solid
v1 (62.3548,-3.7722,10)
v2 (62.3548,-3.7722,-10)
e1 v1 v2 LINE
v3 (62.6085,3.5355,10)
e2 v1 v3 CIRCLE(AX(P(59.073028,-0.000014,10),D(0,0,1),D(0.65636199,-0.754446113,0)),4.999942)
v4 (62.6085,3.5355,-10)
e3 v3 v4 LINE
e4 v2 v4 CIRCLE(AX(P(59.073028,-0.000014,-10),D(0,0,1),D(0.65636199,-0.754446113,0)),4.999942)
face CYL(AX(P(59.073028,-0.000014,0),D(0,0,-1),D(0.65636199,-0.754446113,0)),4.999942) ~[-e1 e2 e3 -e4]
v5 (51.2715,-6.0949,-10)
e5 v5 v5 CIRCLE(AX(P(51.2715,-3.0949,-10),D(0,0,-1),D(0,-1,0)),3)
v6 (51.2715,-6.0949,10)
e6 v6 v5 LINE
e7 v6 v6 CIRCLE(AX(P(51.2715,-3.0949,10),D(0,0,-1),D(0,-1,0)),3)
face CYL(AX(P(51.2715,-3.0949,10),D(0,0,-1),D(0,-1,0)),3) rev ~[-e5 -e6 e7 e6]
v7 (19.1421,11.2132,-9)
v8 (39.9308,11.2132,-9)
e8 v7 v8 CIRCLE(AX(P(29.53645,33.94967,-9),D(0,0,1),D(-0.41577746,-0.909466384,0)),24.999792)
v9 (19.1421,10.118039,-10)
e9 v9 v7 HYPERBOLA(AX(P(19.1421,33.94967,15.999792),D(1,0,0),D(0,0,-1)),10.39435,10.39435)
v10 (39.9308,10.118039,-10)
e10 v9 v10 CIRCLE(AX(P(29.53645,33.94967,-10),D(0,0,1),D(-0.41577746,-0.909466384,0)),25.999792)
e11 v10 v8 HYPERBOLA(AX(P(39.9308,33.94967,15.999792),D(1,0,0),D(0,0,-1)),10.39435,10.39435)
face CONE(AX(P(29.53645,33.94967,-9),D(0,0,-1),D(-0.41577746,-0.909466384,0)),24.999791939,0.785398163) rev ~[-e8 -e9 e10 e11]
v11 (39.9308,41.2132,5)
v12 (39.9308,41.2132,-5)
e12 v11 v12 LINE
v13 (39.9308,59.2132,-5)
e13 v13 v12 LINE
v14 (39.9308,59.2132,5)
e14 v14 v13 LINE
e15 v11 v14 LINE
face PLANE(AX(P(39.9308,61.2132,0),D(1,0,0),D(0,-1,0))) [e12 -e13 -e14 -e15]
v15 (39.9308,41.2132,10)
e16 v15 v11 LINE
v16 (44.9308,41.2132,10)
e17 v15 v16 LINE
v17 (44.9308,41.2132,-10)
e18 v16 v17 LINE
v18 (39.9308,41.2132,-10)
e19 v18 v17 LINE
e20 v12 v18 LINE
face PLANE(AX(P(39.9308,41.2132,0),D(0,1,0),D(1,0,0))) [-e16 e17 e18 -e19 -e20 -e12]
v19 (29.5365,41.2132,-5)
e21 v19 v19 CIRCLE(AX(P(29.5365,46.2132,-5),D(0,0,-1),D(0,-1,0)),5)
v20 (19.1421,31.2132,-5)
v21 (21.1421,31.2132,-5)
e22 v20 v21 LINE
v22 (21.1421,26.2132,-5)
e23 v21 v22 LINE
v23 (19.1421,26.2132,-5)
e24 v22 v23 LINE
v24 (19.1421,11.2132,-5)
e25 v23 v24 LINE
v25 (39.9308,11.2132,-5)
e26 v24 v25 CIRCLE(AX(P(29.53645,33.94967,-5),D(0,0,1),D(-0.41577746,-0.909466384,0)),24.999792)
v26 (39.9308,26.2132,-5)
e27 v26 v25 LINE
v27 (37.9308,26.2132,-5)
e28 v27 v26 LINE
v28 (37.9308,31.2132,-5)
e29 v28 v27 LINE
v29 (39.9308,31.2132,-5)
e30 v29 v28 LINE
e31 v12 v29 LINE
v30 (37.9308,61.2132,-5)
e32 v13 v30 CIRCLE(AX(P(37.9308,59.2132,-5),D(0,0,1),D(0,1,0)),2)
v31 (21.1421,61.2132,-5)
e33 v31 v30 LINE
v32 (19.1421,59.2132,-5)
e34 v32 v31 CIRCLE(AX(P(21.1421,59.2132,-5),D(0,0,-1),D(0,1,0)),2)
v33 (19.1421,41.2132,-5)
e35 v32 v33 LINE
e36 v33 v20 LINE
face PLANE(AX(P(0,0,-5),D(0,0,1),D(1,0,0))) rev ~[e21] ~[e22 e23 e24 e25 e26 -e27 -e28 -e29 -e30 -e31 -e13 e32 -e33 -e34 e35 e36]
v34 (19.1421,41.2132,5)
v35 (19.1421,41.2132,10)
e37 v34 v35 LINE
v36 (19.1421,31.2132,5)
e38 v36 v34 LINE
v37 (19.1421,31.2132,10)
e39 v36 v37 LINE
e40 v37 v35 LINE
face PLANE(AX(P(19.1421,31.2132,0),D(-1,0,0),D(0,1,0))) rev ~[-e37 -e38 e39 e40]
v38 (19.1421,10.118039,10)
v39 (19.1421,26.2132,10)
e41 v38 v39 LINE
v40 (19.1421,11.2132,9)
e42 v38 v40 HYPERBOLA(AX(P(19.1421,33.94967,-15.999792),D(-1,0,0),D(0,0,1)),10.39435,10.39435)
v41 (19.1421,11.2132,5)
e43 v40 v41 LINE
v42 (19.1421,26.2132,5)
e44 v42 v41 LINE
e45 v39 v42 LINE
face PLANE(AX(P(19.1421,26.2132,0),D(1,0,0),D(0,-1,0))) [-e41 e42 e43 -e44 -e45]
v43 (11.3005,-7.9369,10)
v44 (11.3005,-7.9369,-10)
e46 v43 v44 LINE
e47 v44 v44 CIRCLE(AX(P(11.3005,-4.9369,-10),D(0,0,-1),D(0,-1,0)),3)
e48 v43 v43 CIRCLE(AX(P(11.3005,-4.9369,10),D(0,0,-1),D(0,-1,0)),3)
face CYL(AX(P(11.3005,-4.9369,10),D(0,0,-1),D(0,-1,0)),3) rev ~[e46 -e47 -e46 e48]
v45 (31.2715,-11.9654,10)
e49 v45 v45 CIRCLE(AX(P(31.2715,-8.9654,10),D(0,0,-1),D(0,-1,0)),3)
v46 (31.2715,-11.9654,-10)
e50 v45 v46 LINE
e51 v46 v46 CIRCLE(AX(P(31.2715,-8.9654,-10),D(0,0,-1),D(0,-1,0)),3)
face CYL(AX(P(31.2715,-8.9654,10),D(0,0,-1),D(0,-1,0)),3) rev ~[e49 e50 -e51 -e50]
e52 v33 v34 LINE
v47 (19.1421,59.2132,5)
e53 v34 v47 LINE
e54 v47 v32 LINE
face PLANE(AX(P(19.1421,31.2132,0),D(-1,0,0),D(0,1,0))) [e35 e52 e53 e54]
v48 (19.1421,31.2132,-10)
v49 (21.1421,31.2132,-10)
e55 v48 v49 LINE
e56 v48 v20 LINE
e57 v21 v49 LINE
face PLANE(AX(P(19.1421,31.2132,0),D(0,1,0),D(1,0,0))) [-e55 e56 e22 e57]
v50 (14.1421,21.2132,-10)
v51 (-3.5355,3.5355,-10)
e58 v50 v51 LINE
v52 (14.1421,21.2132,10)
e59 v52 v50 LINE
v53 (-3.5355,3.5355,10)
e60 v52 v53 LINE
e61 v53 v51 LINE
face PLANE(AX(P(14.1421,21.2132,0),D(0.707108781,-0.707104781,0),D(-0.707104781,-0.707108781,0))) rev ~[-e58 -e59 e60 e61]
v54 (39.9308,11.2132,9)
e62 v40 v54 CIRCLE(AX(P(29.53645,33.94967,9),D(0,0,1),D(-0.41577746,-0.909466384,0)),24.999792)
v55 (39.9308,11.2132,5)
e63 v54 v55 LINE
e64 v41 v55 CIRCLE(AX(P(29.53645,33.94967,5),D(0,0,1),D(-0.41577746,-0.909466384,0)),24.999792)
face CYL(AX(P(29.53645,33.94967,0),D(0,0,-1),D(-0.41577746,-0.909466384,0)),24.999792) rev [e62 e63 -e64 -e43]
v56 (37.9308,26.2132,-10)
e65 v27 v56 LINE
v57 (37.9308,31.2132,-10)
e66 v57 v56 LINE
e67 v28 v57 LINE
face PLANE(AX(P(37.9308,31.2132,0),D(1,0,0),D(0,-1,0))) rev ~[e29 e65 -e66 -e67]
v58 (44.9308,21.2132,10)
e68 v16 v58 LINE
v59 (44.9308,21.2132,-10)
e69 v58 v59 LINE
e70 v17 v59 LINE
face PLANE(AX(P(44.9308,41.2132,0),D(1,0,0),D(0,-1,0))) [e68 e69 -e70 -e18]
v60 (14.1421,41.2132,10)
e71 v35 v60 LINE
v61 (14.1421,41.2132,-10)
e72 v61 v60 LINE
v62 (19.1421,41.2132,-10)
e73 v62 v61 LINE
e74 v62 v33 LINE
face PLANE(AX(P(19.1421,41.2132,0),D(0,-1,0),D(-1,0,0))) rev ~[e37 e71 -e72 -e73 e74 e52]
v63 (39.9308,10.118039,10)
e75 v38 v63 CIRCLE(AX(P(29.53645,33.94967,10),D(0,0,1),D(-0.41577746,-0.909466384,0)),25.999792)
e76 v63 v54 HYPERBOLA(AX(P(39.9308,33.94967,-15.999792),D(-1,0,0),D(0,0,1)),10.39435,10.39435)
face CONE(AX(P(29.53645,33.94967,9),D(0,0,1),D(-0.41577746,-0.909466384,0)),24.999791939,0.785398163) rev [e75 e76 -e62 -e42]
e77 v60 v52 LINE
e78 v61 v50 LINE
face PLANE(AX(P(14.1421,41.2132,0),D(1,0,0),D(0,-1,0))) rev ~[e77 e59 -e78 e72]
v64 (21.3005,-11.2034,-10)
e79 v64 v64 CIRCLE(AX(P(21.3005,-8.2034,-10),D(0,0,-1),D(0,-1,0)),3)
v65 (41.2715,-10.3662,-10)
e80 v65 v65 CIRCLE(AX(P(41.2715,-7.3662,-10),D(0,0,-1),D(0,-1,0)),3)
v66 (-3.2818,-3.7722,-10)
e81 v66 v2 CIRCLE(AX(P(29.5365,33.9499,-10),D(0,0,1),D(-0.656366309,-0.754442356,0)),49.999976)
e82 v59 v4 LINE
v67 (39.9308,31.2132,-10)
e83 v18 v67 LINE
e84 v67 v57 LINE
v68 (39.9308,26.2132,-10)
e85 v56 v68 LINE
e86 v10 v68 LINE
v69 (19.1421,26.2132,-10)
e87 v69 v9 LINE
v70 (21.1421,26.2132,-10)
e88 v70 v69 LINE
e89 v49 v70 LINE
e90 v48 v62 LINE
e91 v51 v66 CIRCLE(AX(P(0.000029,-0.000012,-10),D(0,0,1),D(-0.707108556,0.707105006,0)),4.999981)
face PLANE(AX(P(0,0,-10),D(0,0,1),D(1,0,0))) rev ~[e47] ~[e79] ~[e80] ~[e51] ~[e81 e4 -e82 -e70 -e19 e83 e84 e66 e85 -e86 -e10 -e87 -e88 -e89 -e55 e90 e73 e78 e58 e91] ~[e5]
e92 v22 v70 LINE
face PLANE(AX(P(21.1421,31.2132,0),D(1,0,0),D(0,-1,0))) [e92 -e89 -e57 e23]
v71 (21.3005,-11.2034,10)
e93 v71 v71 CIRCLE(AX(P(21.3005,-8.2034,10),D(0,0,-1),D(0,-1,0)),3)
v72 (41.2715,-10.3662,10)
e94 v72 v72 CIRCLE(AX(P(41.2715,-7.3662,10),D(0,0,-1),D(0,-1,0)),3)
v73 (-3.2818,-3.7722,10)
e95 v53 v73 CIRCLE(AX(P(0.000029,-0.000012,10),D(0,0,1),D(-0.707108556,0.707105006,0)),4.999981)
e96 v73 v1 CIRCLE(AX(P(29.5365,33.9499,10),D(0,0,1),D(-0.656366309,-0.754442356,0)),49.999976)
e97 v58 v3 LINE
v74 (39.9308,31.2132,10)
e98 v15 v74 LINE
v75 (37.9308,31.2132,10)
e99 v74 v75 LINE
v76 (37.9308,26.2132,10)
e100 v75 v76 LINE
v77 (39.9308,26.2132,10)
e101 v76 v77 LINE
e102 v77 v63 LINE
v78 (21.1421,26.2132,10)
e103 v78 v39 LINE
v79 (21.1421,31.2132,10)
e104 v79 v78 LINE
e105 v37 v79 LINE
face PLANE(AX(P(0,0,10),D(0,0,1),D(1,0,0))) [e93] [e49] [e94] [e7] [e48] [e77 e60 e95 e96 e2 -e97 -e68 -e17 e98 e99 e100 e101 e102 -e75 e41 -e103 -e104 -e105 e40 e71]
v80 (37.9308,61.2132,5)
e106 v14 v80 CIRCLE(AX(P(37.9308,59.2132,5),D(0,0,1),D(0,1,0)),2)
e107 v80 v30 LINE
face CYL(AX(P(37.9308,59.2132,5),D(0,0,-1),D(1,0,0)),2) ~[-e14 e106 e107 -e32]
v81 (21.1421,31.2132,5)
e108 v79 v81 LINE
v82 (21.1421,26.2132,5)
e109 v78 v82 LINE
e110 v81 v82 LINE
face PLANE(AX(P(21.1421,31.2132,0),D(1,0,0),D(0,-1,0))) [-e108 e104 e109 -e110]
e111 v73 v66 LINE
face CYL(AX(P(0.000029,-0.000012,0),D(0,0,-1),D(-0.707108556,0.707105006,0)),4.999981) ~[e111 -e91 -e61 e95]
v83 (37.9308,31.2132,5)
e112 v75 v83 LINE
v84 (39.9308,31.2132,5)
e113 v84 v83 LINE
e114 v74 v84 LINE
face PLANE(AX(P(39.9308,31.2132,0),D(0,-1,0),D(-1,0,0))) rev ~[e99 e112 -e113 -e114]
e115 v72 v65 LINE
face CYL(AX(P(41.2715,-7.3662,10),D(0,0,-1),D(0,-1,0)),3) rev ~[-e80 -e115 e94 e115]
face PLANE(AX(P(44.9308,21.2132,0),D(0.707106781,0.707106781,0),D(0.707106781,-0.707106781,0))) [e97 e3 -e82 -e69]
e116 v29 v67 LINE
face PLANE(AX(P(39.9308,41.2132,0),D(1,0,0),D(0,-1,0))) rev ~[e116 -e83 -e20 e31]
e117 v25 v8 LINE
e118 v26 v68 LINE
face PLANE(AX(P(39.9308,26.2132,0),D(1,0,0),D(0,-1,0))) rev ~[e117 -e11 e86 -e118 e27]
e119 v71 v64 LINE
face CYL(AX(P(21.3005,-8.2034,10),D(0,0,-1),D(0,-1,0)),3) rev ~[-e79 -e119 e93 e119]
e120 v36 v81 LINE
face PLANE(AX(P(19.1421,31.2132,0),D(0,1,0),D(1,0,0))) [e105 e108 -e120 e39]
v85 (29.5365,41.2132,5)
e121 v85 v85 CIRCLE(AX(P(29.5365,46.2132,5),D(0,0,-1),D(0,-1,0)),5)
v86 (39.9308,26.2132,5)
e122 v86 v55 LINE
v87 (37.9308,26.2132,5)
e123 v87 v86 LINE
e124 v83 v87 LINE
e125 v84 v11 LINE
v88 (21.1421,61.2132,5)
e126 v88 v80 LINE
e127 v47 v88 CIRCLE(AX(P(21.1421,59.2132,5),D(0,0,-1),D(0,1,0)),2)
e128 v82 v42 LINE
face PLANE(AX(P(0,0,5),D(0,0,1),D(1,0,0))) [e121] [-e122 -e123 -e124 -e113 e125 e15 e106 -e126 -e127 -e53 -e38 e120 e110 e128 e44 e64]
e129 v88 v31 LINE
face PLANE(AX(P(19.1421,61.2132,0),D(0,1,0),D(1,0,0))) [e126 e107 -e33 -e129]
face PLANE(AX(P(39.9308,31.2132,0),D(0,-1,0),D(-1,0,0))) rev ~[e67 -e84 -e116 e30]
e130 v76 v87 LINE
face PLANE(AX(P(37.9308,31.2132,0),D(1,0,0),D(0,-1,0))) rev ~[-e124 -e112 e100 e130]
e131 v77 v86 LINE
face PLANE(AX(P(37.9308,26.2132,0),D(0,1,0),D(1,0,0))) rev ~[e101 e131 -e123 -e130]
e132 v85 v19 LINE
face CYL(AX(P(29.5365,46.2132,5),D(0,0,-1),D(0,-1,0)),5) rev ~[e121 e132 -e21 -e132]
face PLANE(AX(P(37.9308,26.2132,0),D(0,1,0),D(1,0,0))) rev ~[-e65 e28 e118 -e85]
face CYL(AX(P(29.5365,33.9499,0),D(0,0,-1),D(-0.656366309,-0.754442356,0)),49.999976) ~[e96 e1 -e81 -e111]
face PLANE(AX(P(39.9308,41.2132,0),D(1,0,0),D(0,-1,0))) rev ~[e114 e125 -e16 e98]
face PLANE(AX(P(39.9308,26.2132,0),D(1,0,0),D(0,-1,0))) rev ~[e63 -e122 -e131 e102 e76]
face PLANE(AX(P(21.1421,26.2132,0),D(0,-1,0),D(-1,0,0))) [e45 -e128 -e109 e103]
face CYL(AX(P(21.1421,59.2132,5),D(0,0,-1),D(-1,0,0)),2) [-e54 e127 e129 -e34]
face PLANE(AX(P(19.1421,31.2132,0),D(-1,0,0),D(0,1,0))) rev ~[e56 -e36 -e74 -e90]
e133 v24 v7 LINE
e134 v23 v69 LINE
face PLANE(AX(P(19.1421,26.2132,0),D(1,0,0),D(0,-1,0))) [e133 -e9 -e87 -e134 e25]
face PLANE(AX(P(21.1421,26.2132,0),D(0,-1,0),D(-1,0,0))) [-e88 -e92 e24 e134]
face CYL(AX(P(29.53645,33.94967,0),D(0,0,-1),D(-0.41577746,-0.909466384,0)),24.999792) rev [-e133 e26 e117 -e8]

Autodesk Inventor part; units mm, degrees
ref_plane "YZ Plane" through (0, 0, 0) normal (1, 0, 0) x (0, 1, 0)
ref_plane "XZ Plane" through (0, 0, 0) normal (0, 1, 0) x (-1, 0, 0)
ref_plane "XY Plane" through (0, 0, 0) normal (0, 0, 1) x (1, 0, 0)
sketch "Skizze1" plane through (0, 0, 0) normal (0, 0, 1) x (1, 0, 0)
  line L0 (19.1421, 31.2132) -> (19.1421, 61.2132)
  line L1 (19.1421, 61.2132) -> (39.9308, 61.2132)
  line L2 (39.9308, 61.2132) -> (39.9308, 31.2132)
  line L3 (39.9308, 31.2132) -> (37.9308, 31.2132)
  line L4 (37.9308, 31.2132) -> (37.9308, 26.2132)
  line L5 (37.9308, 26.2132) -> (39.9308, 26.2132)
  line L6 (39.9308, 26.2132) -> (39.9308, 11.2132)
  line L7 (19.1421, 31.2132) -> (21.1421, 31.2132)
  line L8 (21.1421, 31.2132) -> (21.1421, 26.2132)
  line L9 (21.1421, 26.2132) -> (19.1421, 26.2132)
  line L10 (19.1421, 26.2132) -> (19.1421, 11.2132)
  line L11 (39.9308, 41.2132) -> (44.9308, 41.2132)
  line L12 (44.9308, 41.2132) -> (44.9308, 21.2132)
  line L13 (19.1421, 41.2132) -> (14.1421, 41.2132)
  line L14 (14.1421, 41.2132) -> (14.1421, 21.2132)
  line L15 (14.1421, 21.2132) -> (-3.5355, 3.5355)
  arc A0 (-3.5355, 3.5355) -> (-3.2818, -3.7722) centre (0, 0) ccw
  line L16 (44.9308, 21.2132) -> (62.6085, 3.5355)
  arc A1 (62.3548, -3.7722) -> (62.6085, 3.5355) centre (59.073, 0) ccw
  arc A2 (-3.2818, -3.7722) -> (62.3548, -3.7722) centre (29.5365, 33.9499) ccw
  arc A3 (19.1421, 11.2132) -> (39.9308, 11.2132) centre (29.5365, 33.9499) ccw
  line L17 (29.5365, 33.9499) -> (29.5365, 10.2757) construction
  dimension "d0" = 90
  dimension "d1" = 5
  dimension "d2" = 50
  dimension "d3" = 25
  dimension "d4" = 20
  dimension "d5" = 10
  dimension "d6" = 5
  dimension "d7" = 5
  dimension "d8" = 30
  dimension "d9" = 2
  dimension "d10" = 15
  dimension "d11" = 25
extrude "Extrusion1" add sketch "Skizze1" along normal mid plane 10 contours L0 L1 L2 L3 L4 L5 L6 A3 L10 L9 L8 L7
extrude "Extrusion2" add sketch "Skizze1" along normal mid plane 20 contours L7 L8 L9 L10 A3 L6 L5 L4 L3 L2 L11 L12 L16 A1 A2 A0 L15 L14 L13 L0
sketch "Skizze2" plane through (0, 0, 5) normal (0, 0, 1) x (1, 0, 0)
  line L0 (39.9308, 61.2132) -> (19.1421, 61.2132) projected
  line L1 (29.5365, 61.2132) -> (29.5365, 18.1861) construction
  point P0 (0, 0)
  point P1 (29.5365, 46.2132)
  dimension "d16" = 15
hole "Bohrung1" at (29.5365, 46.2132, 5) direction (0, 0, -1) diameter 10 depth 10
chamfer "Fasen1" distance 1 angle 45 2 edges at (29.5365, 8.9499, 10) (29.5365, 8.9499, -10)
sketch "Skizze3" plane through (0, 0, 10) normal (0, 0, 1) x (1, 0, 0)
  arc A0 (6.4055, -2.2397) -> (53.6752, -1.5754) centre (29.5365, 33.9499) ccw construction
  arc A1 (-3.2818, -3.7722) -> (62.3548, -3.7722) centre (29.5365, 33.9499) ccw projected
  point P0 (0, 0)
  point P1 (21.3005, -8.2034)
  point P2 (31.2715, -8.9654)
  point P3 (41.2715, -7.3662)
  point P4 (51.2715, -3.0949)
  point P5 (11.3005, -4.9369)
  dimension "d27" = 10
  dimension "d28" = 10
  dimension "d29" = 10
  dimension "d30" = 10
hole "Bohrung2" at (21.3005, -8.2034, 10) at (31.2715, -8.9654, 10) at (41.2715, -7.3662, 10) at (51.2715, -3.0949, 10) at (11.3005, -4.9369, 10) direction (0, 0, -1) diameter 6 end through all
fillet "Rundung1" radius 2 2 edges at (19.1421, 61.2132, 0) (39.9308, 61.2132, 0)
properties part number "werkzeug" material "Stahl, galvanisiert"
